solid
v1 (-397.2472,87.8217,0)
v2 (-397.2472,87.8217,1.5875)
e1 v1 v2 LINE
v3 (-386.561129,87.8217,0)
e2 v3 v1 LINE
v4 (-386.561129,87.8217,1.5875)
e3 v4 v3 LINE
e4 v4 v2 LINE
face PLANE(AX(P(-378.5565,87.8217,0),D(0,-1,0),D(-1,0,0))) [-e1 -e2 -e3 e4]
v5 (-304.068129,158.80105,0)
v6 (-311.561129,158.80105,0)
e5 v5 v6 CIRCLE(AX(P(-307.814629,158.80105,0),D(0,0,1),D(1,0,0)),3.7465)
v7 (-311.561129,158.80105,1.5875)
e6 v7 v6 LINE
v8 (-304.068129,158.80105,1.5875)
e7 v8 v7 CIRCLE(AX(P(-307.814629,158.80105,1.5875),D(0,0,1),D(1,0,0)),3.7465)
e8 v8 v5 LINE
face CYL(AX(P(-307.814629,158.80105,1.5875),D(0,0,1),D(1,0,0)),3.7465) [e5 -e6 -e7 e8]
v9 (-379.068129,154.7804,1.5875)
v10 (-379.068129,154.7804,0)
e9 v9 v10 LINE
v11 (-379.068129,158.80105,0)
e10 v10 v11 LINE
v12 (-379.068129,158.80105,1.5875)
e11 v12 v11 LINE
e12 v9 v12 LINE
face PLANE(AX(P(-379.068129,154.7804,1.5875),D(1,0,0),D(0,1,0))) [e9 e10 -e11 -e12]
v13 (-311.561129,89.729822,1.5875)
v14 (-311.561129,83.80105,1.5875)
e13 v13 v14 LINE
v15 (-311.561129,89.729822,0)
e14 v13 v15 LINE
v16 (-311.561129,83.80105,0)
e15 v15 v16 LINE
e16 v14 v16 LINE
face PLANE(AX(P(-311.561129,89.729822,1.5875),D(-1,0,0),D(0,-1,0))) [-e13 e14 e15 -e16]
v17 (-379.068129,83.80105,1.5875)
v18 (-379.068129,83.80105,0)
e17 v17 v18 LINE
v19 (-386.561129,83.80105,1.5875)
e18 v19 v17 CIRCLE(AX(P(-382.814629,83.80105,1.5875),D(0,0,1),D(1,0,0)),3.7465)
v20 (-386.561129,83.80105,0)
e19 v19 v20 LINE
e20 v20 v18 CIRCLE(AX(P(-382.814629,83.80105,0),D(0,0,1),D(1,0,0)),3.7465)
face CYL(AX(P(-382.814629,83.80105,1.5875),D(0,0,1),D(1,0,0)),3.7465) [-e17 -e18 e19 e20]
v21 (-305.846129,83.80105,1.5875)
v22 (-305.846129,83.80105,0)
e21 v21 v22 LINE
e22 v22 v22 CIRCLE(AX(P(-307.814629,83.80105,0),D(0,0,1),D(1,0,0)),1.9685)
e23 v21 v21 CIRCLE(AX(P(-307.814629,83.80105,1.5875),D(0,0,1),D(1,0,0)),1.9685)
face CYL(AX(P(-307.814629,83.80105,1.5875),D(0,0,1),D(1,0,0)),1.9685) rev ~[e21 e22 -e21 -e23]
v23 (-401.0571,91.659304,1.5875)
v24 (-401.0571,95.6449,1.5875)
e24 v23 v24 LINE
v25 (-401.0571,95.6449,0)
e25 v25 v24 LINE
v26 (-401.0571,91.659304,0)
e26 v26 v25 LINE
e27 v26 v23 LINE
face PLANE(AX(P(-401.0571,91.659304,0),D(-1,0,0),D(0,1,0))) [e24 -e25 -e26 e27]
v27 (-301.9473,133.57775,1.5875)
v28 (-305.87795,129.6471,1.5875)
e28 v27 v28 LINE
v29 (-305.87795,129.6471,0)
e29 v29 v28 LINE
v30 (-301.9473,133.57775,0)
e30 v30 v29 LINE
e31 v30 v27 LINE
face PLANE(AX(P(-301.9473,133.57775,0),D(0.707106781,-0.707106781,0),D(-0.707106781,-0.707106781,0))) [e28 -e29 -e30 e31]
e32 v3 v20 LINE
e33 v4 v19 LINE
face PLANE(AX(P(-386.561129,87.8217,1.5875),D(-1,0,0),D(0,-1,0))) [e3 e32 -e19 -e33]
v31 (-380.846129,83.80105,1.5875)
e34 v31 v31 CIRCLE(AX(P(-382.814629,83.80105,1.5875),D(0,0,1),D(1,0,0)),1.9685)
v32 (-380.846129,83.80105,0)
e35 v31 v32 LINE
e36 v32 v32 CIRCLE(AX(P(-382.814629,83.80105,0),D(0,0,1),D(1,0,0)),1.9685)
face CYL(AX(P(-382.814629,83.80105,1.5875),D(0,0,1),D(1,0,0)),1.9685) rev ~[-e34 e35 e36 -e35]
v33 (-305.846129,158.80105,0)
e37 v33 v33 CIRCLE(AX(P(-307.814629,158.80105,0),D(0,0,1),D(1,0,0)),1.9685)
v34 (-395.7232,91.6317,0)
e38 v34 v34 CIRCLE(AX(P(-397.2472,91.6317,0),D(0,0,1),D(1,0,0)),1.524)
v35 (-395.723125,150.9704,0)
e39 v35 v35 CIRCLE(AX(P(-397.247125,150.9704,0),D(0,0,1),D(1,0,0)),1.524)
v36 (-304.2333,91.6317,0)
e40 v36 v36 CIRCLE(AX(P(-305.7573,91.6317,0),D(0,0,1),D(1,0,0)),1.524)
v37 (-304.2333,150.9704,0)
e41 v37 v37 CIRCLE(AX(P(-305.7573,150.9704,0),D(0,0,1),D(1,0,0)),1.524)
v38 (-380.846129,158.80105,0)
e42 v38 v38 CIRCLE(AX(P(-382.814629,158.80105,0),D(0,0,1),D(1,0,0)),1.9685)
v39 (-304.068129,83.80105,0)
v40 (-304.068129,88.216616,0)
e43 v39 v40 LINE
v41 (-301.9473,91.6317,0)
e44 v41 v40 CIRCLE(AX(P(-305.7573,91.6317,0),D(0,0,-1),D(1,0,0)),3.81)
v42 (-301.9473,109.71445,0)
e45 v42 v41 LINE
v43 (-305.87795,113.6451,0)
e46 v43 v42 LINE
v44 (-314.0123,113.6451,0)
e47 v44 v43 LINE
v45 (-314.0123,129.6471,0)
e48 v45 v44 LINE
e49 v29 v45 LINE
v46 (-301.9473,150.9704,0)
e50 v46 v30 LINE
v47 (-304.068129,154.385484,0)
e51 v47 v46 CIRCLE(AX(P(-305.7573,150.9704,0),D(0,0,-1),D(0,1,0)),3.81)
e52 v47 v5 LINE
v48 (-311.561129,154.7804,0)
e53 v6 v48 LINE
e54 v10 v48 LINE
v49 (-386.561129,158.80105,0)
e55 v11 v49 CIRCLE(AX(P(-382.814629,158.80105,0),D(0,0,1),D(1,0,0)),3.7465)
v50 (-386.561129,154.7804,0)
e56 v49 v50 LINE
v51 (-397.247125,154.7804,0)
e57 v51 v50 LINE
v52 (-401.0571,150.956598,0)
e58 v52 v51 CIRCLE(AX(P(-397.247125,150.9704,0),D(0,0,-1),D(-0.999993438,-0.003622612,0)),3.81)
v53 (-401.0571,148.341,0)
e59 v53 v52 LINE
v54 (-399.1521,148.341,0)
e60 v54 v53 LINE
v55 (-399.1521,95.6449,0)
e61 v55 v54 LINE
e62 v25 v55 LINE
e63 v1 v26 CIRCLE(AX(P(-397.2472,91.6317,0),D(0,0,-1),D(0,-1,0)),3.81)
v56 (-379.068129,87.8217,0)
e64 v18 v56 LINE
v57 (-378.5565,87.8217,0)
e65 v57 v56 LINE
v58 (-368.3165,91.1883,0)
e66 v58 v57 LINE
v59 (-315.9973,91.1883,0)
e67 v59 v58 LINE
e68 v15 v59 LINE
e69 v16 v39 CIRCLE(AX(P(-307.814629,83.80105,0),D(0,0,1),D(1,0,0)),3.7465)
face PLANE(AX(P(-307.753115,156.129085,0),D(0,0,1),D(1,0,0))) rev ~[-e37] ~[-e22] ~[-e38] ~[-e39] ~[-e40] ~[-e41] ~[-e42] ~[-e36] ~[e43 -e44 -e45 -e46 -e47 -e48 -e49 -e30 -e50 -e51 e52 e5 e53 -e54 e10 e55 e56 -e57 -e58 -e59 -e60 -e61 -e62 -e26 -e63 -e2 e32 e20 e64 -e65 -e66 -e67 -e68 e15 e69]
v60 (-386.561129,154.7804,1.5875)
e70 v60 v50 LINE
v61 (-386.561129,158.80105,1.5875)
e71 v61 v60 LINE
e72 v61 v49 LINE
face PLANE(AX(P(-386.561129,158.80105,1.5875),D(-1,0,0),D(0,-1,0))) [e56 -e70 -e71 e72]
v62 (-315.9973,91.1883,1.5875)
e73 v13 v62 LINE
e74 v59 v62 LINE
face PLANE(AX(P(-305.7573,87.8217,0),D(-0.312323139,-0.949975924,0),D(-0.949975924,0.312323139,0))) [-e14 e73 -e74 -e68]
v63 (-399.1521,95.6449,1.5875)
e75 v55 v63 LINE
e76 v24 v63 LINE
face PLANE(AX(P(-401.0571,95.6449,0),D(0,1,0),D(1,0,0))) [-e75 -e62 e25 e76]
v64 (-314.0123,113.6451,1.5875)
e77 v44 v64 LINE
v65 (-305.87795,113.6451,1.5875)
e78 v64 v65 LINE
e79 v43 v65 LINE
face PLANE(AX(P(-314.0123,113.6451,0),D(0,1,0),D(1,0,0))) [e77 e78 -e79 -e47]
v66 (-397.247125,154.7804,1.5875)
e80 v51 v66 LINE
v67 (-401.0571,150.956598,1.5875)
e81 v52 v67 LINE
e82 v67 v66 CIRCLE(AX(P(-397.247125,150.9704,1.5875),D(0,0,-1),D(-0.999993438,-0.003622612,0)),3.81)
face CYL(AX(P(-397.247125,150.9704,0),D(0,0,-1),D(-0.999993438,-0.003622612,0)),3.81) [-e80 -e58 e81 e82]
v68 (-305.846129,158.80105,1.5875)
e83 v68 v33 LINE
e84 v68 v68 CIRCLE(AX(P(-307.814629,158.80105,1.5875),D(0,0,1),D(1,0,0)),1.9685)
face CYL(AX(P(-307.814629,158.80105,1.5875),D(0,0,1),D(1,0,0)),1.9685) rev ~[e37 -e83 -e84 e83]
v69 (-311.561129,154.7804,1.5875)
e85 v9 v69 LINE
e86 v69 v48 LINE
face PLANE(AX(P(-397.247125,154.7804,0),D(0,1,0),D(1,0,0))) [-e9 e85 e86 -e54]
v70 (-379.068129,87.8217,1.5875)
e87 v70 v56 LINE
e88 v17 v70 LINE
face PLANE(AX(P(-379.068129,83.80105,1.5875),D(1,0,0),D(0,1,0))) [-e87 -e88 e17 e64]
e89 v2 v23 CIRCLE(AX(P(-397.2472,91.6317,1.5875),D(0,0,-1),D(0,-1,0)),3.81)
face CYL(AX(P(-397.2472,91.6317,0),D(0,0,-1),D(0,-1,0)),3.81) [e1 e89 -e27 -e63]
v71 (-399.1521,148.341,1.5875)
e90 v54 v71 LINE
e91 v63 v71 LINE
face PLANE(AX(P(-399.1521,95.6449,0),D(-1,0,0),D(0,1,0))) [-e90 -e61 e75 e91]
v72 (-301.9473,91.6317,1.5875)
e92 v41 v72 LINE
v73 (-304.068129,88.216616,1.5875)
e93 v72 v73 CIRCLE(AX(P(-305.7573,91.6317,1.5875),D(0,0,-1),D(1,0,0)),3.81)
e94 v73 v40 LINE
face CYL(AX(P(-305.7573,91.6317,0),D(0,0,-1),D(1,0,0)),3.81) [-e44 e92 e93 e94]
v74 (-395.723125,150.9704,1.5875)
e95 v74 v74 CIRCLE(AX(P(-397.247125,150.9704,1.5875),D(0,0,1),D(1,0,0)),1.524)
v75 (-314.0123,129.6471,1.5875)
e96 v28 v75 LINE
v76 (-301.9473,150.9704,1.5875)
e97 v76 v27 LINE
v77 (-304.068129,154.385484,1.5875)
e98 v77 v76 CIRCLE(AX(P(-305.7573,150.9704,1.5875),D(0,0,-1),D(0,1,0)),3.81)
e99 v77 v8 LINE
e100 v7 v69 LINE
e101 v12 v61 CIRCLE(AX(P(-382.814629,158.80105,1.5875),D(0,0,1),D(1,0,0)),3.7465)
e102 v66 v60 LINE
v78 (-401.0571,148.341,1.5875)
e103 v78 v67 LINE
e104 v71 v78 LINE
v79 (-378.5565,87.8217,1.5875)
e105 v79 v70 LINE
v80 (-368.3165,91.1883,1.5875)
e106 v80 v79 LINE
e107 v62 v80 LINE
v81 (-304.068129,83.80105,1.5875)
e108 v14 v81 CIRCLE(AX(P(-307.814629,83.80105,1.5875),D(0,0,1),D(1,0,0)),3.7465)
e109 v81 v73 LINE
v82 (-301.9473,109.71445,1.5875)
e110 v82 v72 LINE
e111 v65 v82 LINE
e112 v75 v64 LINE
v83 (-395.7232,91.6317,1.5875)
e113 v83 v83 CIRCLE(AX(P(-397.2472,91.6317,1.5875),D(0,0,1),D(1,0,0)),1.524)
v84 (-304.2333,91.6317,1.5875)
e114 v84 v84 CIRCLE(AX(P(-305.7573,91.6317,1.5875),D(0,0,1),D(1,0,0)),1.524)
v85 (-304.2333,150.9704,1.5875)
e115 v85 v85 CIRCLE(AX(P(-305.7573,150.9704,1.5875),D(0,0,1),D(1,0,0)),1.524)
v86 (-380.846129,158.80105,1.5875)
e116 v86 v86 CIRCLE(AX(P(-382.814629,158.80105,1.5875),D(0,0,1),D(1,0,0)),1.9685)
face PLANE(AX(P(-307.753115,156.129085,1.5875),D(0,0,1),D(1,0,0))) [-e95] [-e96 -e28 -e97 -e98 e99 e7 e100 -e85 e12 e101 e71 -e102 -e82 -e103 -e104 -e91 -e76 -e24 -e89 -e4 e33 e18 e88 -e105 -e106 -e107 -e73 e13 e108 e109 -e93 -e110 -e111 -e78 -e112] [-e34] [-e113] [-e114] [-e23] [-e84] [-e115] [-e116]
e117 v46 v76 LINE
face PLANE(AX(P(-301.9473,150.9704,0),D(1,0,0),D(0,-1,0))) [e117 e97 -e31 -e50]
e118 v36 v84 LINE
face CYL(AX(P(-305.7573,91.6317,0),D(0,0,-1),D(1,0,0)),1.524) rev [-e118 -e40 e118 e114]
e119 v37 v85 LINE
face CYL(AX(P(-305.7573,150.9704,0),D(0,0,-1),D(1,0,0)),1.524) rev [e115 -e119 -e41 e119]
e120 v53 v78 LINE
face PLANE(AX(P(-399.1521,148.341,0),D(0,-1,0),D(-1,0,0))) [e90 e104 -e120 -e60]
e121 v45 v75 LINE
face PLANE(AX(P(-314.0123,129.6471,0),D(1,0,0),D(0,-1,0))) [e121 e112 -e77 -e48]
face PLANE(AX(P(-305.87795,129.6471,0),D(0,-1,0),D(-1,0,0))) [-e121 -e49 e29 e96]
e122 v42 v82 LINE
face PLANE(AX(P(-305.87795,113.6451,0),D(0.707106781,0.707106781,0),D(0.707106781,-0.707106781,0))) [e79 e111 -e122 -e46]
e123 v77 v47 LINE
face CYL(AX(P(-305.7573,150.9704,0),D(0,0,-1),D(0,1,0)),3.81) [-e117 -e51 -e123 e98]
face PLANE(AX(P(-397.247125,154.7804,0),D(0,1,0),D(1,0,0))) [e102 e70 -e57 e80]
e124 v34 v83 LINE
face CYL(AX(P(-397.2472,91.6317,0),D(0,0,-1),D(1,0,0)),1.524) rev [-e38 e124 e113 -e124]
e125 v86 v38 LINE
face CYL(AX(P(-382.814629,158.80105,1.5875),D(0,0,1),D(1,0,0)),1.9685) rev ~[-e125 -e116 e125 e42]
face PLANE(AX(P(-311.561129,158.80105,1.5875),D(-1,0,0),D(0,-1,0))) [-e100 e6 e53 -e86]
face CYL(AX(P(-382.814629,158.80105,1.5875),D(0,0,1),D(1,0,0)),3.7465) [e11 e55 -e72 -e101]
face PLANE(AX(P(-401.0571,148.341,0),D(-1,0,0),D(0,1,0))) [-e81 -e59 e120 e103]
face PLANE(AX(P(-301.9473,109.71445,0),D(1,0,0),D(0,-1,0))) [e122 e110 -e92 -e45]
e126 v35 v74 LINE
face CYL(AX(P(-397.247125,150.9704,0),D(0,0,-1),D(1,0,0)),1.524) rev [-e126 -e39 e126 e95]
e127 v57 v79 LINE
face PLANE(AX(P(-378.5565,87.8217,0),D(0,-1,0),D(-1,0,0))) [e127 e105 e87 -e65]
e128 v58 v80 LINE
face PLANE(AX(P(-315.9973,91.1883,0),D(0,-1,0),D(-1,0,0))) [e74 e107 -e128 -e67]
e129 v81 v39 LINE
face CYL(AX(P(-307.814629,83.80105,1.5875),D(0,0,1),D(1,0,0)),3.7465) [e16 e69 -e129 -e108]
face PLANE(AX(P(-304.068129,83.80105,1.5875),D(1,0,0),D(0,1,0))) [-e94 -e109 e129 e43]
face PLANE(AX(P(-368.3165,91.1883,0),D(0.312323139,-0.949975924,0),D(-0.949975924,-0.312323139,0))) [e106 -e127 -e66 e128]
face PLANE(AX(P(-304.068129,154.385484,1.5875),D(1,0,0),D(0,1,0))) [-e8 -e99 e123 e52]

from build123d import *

# Parameters (mm, degrees)
SKETCH1_R           = 1.524
BOSS_EXTRUDE1_DEPTH = 1.5875
SKETCH8_R           = 3.7465
SKETCH8_R_2         = 1.9685
BOSS_EXTRUDE6_DEPTH = 1.5875


with BuildPart() as part:
    # Sketch1 → Boss-Extrude1 (new body)
    with BuildSketch(Plane.XY):
        with BuildLine():
            Line((-301.9473, 133.57775), (-305.87795, 129.6471))
            Line((-305.87795, 129.6471), (-314.0123, 129.6471))
            Line((-314.0123, 129.6471), (-314.0123, 113.6451))
            Line((-314.0123, 113.6451), (-305.87795, 113.6451))
            Line((-305.87795, 113.6451), (-301.9473, 109.71445))
            Line((-301.9473, 109.71445), (-301.9473, 91.6317))
            ThreePointArc((-301.9473, 91.6317), (-303.063223164, 88.937623164), (-305.7573, 87.8217))
            Line((-305.7573, 87.8217), (-315.9973, 91.1883))
            Line((-315.9973, 91.1883), (-368.3165, 91.1883))
            Line((-368.3165, 91.1883), (-378.5565, 87.8217))
            Line((-378.5565, 87.8217), (-397.2472, 87.8217))
            ThreePointArc((-397.2472, 87.8217), (-399.951018769, 88.947400452), (-401.0571, 91.659304166))
            Line((-401.0571, 91.659304166), (-401.0571, 95.6449))
            Line((-401.0571, 95.6449), (-399.1521, 95.6449))
            Line((-399.1521, 95.6449), (-399.1521, 148.341))
            Line((-399.1521, 148.341), (-401.0571, 148.341))
            Line((-401.0571, 148.341), (-401.0571, 150.956597849))
            ThreePointArc((-401.0571, 150.956597849), (-399.946077222, 153.659592612), (-397.247125, 154.7804))
            Line((-397.247125, 154.7804), (-305.7573, 154.7804))
            ThreePointArc((-305.7573, 154.7804), (-303.063223164, 153.664476836), (-301.9473, 150.9704))
            Line((-301.9473, 150.9704), (-301.9473, 133.57775))
        make_face()
        with Locations((-305.7573, 150.9704)):
            Circle(SKETCH1_R, mode=Mode.SUBTRACT)
        with Locations((-397.247125, 150.9704)):
            Circle(SKETCH1_R, mode=Mode.SUBTRACT)
        with Locations((-397.2472, 91.6317)):
            Circle(SKETCH1_R, mode=Mode.SUBTRACT)
        with Locations((-305.7573, 91.6317)):
            Circle(SKETCH1_R, mode=Mode.SUBTRACT)
    extrude(amount=BOSS_EXTRUDE1_DEPTH)

    # Sketch8 → Boss-Extrude6 (add)
    with BuildSketch(Plane.XY.offset(1.5875)):
        with BuildLine():
            ThreePointArc((-379.068128555, 158.80105), (-382.814628555, 155.05455), (-386.561128555, 158.80105))
            Line((-386.561128555, 158.80105), (-386.561128555, 154.7804))
            Line((-386.561128555, 154.7804), (-379.068128555, 154.7804))
            Line((-379.068128555, 154.7804), (-379.068128555, 158.80105))
        make_face()
        with Locations((-382.814628555, 158.80105)):
            Circle(SKETCH8_R)
        with Locations((-382.814628555, 158.80105)):
            Circle(SKETCH8_R_2, mode=Mode.SUBTRACT)
        with BuildLine():
            Line((-311.561128555, 158.80105), (-311.561128555, 154.7804))
            Line((-311.561128555, 154.7804), (-305.7573, 154.7804))
            ThreePointArc((-305.7573, 154.7804), (-304.889939249, 154.680357591), (-304.068128555, 154.385484162))
            Line((-304.068128555, 154.385484162), (-304.068128555, 158.80105))
            ThreePointArc((-304.068128555, 158.80105), (-307.814628555, 155.05455), (-311.561128555, 158.80105))
        make_face()
        with Locations((-307.814628555, 158.80105)):
            Circle(SKETCH8_R)
        with Locations((-307.814628555, 158.80105)):
            Circle(SKETCH8_R_2, mode=Mode.SUBTRACT)
        with BuildLine():
            Line((-311.561128555, 89.729821994), (-311.561128555, 83.80105))
            ThreePointArc((-311.561128555, 83.80105), (-307.814628555, 87.54755), (-304.068128555, 83.80105))
            Line((-304.068128555, 83.80105), (-304.068128555, 88.216615838))
            ThreePointArc((-304.068128555, 88.216615838), (-304.889939249, 87.921742409), (-305.7573, 87.8217))
            Line((-305.7573, 87.8217), (-311.561128555, 89.729821994))
        make_face()
        with Locations((-307.814628555, 83.80105)):
            Circle(SKETCH8_R)
        with Locations((-307.814628555, 83.80105)):
            Circle(SKETCH8_R_2, mode=Mode.SUBTRACT)
        with BuildLine():
            ThreePointArc((-386.561128555, 83.80105), (-382.814628555, 87.54755), (-379.068128555, 83.80105))
            Line((-379.068128555, 83.80105), (-379.068128555, 87.8217))
            Line((-379.068128555, 87.8217), (-386.561128555, 87.8217))
            Line((-386.561128555, 87.8217), (-386.561128555, 83.80105))
        make_face()
        with Locations((-382.814628555, 83.80105)):
            Circle(SKETCH8_R)
        with Locations((-382.814628555, 83.80105)):
            Circle(SKETCH8_R_2, mode=Mode.SUBTRACT)
    extrude(amount=-BOSS_EXTRUDE6_DEPTH)


solid = part.part
